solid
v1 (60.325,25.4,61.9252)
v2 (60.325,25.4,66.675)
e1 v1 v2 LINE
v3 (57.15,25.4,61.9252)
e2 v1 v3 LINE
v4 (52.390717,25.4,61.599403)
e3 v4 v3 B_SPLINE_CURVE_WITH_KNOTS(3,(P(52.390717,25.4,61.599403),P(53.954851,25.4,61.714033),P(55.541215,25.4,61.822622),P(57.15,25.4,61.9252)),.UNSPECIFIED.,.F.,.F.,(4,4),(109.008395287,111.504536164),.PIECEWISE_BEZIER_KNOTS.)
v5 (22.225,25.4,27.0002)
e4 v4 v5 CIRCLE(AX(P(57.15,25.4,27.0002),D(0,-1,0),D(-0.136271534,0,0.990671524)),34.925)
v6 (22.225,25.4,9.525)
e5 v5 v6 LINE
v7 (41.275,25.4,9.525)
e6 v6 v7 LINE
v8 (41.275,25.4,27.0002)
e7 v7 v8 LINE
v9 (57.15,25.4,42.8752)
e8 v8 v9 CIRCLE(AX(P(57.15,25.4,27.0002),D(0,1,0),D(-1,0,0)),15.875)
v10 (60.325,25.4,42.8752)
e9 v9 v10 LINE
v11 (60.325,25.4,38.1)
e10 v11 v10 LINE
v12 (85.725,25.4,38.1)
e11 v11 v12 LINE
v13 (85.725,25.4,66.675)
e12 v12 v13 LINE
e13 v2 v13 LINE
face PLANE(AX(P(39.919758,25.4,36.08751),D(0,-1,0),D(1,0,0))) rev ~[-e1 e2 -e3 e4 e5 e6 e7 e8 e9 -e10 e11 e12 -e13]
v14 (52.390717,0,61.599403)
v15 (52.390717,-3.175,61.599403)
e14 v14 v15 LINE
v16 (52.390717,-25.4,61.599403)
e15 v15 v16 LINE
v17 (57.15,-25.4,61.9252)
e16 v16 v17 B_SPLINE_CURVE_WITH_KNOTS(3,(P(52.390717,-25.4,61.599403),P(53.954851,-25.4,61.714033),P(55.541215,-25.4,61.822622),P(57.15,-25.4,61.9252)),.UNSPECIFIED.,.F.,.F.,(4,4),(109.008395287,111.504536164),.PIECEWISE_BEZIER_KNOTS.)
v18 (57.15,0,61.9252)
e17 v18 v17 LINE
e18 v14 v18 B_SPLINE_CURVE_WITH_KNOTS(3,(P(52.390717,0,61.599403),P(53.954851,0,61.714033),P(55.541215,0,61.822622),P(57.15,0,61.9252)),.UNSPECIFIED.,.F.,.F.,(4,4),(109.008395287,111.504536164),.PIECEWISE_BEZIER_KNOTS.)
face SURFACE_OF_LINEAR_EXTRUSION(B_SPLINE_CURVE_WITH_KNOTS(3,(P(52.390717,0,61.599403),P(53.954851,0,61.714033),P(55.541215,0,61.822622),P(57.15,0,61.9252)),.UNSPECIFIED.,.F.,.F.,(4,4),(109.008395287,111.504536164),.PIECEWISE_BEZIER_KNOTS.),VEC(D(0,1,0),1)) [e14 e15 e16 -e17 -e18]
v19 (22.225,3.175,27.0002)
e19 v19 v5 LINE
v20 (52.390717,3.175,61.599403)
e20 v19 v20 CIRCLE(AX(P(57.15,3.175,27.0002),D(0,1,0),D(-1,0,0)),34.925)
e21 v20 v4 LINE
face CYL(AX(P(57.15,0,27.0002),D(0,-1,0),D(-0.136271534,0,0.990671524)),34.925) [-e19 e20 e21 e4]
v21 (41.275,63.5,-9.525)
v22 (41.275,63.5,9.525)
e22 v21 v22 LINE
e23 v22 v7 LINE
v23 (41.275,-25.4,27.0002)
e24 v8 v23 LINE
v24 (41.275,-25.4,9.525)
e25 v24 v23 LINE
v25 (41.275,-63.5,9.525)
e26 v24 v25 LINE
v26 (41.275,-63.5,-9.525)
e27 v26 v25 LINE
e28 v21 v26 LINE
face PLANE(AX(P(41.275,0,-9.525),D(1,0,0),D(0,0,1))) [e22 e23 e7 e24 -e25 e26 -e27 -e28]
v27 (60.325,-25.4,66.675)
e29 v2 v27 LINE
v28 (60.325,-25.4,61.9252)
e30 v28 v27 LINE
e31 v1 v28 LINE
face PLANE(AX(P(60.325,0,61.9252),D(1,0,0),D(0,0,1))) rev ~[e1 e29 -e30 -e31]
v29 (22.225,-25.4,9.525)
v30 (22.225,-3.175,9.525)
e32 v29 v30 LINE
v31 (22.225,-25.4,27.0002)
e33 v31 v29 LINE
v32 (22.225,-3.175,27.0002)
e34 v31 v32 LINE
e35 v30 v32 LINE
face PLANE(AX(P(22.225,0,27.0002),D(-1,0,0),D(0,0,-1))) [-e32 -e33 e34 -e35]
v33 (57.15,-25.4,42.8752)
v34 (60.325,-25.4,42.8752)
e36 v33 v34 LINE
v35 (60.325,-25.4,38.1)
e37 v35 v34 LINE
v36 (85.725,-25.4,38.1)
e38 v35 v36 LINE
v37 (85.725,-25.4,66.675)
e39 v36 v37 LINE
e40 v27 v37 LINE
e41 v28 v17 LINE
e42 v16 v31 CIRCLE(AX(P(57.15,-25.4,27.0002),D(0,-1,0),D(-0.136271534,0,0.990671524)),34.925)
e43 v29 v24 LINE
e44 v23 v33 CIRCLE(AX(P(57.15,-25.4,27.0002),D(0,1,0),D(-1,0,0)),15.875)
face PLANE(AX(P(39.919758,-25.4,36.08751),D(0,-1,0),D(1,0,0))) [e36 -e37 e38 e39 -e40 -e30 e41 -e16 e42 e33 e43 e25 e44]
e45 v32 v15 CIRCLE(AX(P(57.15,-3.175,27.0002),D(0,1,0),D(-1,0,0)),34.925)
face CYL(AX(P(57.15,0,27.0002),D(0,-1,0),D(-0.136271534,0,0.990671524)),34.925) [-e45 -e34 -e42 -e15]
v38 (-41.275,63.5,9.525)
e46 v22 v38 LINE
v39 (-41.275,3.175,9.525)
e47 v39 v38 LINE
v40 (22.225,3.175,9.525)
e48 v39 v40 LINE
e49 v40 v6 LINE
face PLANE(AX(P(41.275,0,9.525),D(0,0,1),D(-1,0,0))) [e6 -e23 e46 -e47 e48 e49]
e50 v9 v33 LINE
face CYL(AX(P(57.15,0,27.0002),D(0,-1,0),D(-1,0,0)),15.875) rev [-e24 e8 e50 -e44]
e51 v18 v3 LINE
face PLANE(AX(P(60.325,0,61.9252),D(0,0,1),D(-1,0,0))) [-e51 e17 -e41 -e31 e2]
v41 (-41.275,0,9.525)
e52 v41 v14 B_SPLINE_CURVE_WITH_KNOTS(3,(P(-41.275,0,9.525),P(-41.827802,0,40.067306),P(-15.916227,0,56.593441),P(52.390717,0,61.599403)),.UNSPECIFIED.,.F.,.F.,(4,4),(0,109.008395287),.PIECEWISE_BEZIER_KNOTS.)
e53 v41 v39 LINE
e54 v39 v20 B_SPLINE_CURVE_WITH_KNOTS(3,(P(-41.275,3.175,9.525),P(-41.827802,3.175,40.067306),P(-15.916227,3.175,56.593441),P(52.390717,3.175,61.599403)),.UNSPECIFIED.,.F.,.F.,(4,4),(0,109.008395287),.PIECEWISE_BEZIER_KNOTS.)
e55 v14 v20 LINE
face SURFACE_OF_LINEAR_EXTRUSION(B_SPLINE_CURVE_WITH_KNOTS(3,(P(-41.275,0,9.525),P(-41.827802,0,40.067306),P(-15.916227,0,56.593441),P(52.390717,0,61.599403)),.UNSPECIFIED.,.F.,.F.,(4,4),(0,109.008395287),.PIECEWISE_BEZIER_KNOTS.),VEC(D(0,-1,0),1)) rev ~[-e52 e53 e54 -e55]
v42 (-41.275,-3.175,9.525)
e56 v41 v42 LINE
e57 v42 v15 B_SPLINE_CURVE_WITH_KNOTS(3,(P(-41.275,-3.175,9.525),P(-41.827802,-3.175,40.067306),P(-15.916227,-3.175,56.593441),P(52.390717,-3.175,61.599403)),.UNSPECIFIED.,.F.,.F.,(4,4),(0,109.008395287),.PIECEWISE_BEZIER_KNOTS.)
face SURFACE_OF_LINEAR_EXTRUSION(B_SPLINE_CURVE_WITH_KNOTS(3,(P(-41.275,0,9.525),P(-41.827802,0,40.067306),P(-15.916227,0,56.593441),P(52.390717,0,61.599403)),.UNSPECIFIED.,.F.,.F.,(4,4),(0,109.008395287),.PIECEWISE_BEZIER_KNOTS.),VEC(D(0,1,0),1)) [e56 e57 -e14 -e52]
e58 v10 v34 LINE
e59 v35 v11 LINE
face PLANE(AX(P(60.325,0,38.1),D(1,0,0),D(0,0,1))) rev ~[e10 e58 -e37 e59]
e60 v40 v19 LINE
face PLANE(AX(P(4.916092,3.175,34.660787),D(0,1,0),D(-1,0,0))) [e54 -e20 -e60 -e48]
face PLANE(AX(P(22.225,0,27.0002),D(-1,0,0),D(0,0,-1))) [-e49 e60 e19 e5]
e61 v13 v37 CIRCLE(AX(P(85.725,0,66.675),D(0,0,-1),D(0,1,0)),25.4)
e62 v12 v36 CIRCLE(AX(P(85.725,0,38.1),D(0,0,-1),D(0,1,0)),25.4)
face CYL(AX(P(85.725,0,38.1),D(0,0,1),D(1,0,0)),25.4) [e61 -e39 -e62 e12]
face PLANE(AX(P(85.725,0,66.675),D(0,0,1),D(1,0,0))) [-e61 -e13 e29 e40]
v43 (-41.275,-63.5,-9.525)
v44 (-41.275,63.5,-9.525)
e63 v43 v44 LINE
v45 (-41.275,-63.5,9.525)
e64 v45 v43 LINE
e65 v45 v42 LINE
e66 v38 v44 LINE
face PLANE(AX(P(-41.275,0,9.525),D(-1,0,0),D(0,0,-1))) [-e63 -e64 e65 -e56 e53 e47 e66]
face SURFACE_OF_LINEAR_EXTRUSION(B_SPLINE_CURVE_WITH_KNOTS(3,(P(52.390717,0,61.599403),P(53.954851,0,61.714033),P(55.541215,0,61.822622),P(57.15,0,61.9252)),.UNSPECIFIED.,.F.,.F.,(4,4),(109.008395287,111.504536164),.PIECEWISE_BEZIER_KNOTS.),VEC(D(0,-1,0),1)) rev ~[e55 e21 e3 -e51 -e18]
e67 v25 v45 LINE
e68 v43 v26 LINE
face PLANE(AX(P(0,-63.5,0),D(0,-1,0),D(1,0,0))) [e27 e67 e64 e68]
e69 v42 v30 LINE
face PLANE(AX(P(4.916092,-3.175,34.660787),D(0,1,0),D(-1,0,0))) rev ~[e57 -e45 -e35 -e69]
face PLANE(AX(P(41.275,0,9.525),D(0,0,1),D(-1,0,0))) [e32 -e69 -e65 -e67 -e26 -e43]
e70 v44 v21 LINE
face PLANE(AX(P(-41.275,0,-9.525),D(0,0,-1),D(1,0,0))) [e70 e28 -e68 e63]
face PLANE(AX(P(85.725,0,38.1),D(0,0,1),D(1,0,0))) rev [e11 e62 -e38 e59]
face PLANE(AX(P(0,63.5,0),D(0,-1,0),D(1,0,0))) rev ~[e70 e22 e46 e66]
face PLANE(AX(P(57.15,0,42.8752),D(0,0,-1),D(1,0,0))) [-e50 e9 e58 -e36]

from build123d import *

# Parameters (mm, degrees)
F1_DEPTH = 63.5
F0_W     = 25.4
F0_H     = 19.05
F0_H_2   = 4.7498
F0_H_3   = 4.7752
F2_DEPTH = 25.4
F3_DEPTH = 3.175


with BuildPart() as f1:
    # F0 (on Front) → F1 (new body, symmetric)
    with BuildSketch(Plane.XZ):
        Polygon((-41.275, -9.525), (41.275, -9.525), (41.275, 9.525), (22.225, 9.525), (-41.275, 9.525), align=None)
    extrude(amount=F1_DEPTH, both=True)

    # F0 (on Front) → F2 (join, symmetric)
    with BuildSketch(Plane.XZ):
        with BuildLine():
            Line((22.225, 9.525), (41.275, 9.525))
            Line((41.275, 9.525), (41.275, 27.0002))
            ThreePointArc((41.275, 27.0002), (45.9246798487, 38.2255201513), (57.15, 42.8752))
            Line((57.15, 42.8752), (60.325, 42.8752))
            Line((60.325, 42.8752), (60.325, 61.9252))
            Line((60.325, 61.9252), (57.15, 61.9252))
            add(Edge.make_bspline(
                [(52.3907166691, 61.5994029847), (53.9548508267, 61.7140325614), (55.5412148436, 61.8226215769), (57.15, 61.9252)],
                knots=[109.0083952872, 109.0083952872, 109.0083952872, 109.0083952872, 111.5045361635, 111.5045361635, 111.5045361635, 111.5045361635], degree=3))
            ThreePointArc((52.3907166691, 61.5994029847), (30.8253575966, 49.9516449945), (22.225, 27.0002))
            Line((22.225, 27.0002), (22.225, 9.525))
        make_face()
        with Locations((73.025, 52.4002)):
            Rectangle(F0_W, F0_H)
        with Locations((73.025, 64.3001)):
            Rectangle(F0_W, F0_H_2)
        with Locations((73.025, 40.4876)):
            Rectangle(F0_W, F0_H_3)
    extrude(amount=F2_DEPTH, both=True)

    # F0 (on Front) → F3 (join, symmetric)
    with BuildSketch(Plane.XZ):
        with BuildLine():
            add(Edge.make_bspline(
                [(-41.275, 9.525), (-41.8278017588, 40.0673060795), (-15.9162271246, 56.5934410498), (52.3907166691, 61.5994029847)],
                knots=[0, 0, 0, 0, 109.0083952872, 109.0083952872, 109.0083952872, 109.0083952872], degree=3))
            Line((-41.275, 9.525), (22.225, 9.525))
            Line((22.225, 9.525), (22.225, 27.0002))
            ThreePointArc((22.225, 27.0002), (30.8253575966, 49.9516449945), (52.3907166691, 61.5994029847))
        make_face()
    extrude(amount=F3_DEPTH, both=True)

    # F0 (on Front) → F4 (revolve)
    with BuildSketch(Plane.XZ):
        Polygon((85.725, 61.9252), (85.725, 42.8752), (85.725, 38.1), (111.125, 38.1), (111.125, 66.675), (85.725, 66.675), align=None)
    revolve(axis=Axis((85.725, 0, 52.3875), (0, 0, 1)))


solid = f1.part
